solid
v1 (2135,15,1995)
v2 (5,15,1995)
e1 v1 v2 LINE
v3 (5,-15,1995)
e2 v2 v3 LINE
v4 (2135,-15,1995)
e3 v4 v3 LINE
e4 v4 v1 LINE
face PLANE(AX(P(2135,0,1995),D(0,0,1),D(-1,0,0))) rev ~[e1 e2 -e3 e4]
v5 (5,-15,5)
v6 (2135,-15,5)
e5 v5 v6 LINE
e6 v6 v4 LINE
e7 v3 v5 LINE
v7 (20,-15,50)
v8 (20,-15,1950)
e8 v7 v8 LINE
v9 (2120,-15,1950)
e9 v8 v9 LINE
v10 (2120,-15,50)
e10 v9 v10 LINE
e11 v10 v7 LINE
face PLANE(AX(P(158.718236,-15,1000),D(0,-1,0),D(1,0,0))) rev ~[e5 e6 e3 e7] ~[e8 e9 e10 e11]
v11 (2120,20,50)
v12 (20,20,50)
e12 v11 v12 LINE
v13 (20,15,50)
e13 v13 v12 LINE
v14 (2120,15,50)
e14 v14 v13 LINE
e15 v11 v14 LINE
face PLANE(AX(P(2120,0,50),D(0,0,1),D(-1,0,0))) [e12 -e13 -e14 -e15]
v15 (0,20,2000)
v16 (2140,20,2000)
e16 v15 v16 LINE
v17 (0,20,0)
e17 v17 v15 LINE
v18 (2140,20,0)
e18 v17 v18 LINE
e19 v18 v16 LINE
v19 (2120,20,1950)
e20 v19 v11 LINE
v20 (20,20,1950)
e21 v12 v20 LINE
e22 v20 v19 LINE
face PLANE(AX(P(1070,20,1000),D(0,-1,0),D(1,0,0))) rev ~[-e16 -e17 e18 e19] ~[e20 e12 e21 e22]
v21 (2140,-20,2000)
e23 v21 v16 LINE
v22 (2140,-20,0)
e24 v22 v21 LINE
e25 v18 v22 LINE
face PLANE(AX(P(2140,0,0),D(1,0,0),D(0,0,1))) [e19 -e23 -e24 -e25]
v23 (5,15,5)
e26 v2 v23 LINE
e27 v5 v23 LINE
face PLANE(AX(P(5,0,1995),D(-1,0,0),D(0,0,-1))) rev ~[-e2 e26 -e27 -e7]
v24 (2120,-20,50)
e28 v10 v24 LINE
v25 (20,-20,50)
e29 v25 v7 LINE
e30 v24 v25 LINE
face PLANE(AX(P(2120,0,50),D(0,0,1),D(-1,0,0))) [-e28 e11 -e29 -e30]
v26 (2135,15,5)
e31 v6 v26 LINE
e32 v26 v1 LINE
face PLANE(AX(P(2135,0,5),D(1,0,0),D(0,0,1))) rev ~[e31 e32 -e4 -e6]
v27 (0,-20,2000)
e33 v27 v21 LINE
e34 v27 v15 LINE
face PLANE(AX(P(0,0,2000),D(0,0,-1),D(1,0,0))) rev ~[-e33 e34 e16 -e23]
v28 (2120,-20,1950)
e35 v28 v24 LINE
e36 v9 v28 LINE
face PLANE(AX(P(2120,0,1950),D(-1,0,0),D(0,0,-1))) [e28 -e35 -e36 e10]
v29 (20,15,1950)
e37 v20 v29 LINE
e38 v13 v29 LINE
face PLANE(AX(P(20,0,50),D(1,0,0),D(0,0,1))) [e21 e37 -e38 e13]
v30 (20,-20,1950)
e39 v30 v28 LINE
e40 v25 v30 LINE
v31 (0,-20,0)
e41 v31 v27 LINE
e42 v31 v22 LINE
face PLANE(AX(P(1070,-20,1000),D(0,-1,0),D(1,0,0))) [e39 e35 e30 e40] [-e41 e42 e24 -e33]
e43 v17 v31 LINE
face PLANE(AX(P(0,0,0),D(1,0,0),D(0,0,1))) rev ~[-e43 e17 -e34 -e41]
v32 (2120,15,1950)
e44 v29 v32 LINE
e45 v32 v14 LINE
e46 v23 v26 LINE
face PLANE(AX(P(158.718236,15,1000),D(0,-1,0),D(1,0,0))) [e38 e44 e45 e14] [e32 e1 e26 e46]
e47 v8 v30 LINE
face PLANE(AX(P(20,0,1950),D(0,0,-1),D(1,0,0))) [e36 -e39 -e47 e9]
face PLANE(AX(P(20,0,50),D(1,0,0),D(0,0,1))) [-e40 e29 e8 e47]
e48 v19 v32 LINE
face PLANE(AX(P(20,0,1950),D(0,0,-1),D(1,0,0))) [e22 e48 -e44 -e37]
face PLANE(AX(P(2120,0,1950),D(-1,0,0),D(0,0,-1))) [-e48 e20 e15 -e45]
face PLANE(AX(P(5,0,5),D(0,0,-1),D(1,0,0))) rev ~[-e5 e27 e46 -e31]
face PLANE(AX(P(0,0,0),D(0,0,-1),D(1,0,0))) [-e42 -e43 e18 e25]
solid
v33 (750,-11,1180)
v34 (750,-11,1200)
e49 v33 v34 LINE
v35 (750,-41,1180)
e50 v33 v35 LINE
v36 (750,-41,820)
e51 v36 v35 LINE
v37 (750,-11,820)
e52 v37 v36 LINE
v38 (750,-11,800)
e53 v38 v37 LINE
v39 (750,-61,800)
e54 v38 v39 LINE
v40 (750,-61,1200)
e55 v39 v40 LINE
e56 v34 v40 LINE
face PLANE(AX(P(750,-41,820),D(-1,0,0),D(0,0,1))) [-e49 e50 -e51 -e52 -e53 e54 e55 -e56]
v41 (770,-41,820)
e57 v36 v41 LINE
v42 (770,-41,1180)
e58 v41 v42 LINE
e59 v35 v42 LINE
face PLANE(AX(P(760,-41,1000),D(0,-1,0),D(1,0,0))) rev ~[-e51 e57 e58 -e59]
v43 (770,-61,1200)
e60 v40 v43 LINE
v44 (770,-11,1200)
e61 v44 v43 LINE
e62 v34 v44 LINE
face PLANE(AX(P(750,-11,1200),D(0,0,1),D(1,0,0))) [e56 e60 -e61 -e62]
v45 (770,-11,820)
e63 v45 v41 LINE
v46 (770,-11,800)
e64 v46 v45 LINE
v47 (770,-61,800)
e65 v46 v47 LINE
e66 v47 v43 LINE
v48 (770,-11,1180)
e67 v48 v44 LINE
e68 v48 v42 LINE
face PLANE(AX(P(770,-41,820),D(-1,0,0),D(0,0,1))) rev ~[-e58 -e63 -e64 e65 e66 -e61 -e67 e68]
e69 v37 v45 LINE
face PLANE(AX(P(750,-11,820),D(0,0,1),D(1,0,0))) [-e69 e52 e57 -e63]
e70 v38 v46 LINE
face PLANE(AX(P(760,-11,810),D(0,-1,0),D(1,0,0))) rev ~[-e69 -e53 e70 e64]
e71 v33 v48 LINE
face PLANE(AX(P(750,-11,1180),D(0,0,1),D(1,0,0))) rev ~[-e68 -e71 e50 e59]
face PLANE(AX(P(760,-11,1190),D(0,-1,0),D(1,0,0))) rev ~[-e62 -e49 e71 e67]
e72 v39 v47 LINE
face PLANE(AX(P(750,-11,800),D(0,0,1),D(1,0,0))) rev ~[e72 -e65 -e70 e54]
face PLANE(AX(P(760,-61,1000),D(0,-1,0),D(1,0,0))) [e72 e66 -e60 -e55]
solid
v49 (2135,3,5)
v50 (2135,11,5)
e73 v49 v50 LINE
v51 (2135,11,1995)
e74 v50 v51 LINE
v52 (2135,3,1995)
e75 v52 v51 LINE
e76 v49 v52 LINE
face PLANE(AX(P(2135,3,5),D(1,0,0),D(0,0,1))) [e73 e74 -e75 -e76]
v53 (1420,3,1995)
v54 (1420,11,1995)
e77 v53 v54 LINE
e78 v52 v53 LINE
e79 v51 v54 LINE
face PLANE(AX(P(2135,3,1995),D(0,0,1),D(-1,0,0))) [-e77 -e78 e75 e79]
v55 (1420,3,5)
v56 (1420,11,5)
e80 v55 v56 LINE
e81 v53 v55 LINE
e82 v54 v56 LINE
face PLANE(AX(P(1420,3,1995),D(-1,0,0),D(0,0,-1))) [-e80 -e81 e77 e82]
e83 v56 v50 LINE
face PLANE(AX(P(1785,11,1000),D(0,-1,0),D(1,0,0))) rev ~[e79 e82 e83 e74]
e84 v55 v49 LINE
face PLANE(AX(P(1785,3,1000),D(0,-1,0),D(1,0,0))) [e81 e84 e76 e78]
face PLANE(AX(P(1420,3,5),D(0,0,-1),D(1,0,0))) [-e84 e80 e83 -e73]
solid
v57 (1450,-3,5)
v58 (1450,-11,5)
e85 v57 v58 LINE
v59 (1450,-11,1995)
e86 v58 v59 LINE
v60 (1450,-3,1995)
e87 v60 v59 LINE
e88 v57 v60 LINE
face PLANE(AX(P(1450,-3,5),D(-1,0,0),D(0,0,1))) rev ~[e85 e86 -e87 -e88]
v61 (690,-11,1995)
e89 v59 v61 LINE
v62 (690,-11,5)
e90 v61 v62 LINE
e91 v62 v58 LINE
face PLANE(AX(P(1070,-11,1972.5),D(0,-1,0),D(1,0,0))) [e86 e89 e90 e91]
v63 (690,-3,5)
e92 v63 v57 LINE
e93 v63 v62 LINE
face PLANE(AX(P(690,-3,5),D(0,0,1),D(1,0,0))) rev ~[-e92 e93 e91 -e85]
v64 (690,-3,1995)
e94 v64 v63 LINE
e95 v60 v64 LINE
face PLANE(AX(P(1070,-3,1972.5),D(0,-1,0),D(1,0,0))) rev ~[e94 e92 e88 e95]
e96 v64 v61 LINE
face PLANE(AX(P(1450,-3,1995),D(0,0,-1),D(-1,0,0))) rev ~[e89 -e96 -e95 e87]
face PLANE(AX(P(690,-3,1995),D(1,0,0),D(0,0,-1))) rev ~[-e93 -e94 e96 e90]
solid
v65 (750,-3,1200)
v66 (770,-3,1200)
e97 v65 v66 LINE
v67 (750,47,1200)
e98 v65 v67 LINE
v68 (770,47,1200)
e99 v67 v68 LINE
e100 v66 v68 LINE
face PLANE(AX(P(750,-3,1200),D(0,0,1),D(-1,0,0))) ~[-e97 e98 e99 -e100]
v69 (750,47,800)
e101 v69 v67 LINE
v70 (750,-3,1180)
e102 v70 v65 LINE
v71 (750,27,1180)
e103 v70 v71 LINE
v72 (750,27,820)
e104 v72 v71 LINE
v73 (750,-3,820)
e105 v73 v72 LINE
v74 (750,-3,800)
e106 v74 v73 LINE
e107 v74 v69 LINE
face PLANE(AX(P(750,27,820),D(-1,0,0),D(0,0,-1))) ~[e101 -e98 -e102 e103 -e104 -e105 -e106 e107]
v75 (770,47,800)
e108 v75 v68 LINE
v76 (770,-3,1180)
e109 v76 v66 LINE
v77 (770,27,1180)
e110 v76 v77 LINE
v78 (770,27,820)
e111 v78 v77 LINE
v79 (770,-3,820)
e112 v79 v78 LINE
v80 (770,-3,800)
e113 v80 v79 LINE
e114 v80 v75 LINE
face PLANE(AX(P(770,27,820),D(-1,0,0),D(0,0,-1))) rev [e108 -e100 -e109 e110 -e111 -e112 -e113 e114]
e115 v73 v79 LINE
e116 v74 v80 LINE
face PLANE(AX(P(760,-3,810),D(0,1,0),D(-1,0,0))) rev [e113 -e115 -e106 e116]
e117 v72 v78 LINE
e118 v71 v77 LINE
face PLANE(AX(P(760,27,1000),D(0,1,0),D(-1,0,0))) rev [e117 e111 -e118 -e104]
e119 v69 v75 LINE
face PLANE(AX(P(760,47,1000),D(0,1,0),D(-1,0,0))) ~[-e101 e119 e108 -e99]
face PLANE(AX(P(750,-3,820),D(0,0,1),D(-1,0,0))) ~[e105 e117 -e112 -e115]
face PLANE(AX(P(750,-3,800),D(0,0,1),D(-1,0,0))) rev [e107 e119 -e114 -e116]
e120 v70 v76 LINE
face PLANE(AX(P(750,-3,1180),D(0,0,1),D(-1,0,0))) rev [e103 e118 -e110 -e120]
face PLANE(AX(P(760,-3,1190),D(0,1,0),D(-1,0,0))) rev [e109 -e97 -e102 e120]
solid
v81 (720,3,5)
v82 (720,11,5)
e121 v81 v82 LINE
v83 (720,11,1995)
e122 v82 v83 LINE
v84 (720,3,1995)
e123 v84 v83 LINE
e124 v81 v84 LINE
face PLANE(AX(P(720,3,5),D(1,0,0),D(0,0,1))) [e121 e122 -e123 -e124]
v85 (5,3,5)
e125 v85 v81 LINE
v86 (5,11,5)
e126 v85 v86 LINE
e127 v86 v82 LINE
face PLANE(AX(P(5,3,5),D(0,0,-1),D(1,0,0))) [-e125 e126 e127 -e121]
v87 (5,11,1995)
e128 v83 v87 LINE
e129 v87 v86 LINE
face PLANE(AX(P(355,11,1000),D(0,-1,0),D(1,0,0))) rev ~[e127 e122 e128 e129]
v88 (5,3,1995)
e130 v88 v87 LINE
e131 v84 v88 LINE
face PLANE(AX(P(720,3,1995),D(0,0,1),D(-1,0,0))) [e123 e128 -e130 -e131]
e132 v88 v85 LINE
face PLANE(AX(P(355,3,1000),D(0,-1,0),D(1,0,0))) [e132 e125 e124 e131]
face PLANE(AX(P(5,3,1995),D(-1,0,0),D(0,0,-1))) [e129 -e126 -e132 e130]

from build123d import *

# Parameters (mm, degrees)
F0_W          = 2140
F0_H          = 2000
F0_W_2        = 700
F0_H_2        = 45
F0_W_3        = 30
F1_DEPTH      = 20
F1_DEPTH_BACK = 20
F2_DEPTH      = 15
F2_DEPTH_BACK = 15
F3_START      = -3
F0_W_4        = 670
F0_H_3        = 1900
F3_DEPTH      = 8
F4_START      = 3
F4_DEPTH      = 8
F5_W          = 20
F5_H          = 20
F6_DEPTH      = 50
F7_START      = 30
F5_H_2        = 360
F7_DEPTH      = 20


with BuildPart() as f1:
    # F0 (on Front) → F1 (new body, two sides)
    with BuildSketch(Plane.XZ) as f1_sk:
        with Locations((1070, 1000)):
            Rectangle(F0_W, F0_H)
        Polygon((5, 5), (5, 1995), (690, 1995), (720, 1995), (1420, 1995), (1450, 1995), (2135, 1995), (2135, 5), (1450, 5), (1420, 5), (720, 5), (690, 5), align=None, mode=Mode.SUBTRACT)
        Polygon((690, 1995), (5, 1995), (5, 5), (690, 5), (690, 50), (20, 50), (20, 1950), (690, 1950), align=None)
        Polygon((2135, 1995), (1450, 1995), (1450, 1950), (2120, 1950), (2120, 50), (1450, 50), (1450, 5), (2135, 5), align=None)
        with Locations((1070, 1972.5)):
            Rectangle(F0_W_2, F0_H_2)
        with Locations((1070, 27.5)):
            Rectangle(F0_W_2, F0_H_2)
        with Locations((705, 1972.5)):
            Rectangle(F0_W_3, F0_H_2)
        with Locations((1435, 1972.5)):
            Rectangle(F0_W_3, F0_H_2)
        with Locations((705, 27.5)):
            Rectangle(F0_W_3, F0_H_2)
        with Locations((1435, 27.5)):
            Rectangle(F0_W_3, F0_H_2)
    extrude(amount=F1_DEPTH)
    extrude(f1_sk.sketch, amount=-F1_DEPTH_BACK)

    # F0 (on Front) → F2 (cut, two sides)
    with BuildSketch(Plane.XZ) as f2_sk:
        Polygon((690, 1995), (5, 1995), (5, 5), (690, 5), (690, 50), (20, 50), (20, 1950), (690, 1950), align=None)
        with Locations((705, 1972.5)):
            Rectangle(F0_W_3, F0_H_2)
        with Locations((1070, 1972.5)):
            Rectangle(F0_W_2, F0_H_2)
        with Locations((1435, 1972.5)):
            Rectangle(F0_W_3, F0_H_2)
        Polygon((2135, 1995), (1450, 1995), (1450, 1950), (2120, 1950), (2120, 50), (1450, 50), (1450, 5), (2135, 5), align=None)
        with Locations((705, 27.5)):
            Rectangle(F0_W_3, F0_H_2)
        with Locations((1070, 27.5)):
            Rectangle(F0_W_2, F0_H_2)
        with Locations((1435, 27.5)):
            Rectangle(F0_W_3, F0_H_2)
    extrude(amount=F2_DEPTH, mode=Mode.SUBTRACT)
    extrude(f2_sk.sketch, amount=-F2_DEPTH_BACK, mode=Mode.SUBTRACT)


with BuildPart() as f3:
    # F0 (on Front) → F3 (new body)
    with BuildSketch(Plane.XZ.offset(F3_START)):
        with Locations((355, 1000)):
            Rectangle(F0_W_4, F0_H_3)
        Polygon((690, 1995), (5, 1995), (5, 5), (690, 5), (690, 50), (20, 50), (20, 1950), (690, 1950), align=None)
        with Locations((705, 1972.5)):
            Rectangle(F0_W_3, F0_H_2)
        with Locations((705, 1000)):
            Rectangle(F0_W_3, F0_H_3)
        with Locations((705, 27.5)):
            Rectangle(F0_W_3, F0_H_2)
    extrude(amount=-F3_DEPTH)


with BuildPart() as f3b:
    # F0 (on Front) → F3, piece 2 (new body)
    with BuildSketch(Plane.XZ.offset(F3_START)):
        with Locations((1785, 1000)):
            Rectangle(F0_W_4, F0_H_3)
        Polygon((2135, 1995), (1450, 1995), (1450, 1950), (2120, 1950), (2120, 50), (1450, 50), (1450, 5), (2135, 5), align=None)
        with Locations((1435, 1972.5)):
            Rectangle(F0_W_3, F0_H_2)
        with Locations((1435, 1000)):
            Rectangle(F0_W_3, F0_H_3)
        with Locations((1435, 27.5)):
            Rectangle(F0_W_3, F0_H_2)
    extrude(amount=-F3_DEPTH)


with BuildPart() as f4:
    # F0 (on Front) → F4 (new body)
    with BuildSketch(Plane.XZ.offset(F4_START)):
        with Locations((1070, 1972.5)):
            Rectangle(F0_W_2, F0_H_2)
        with Locations((1070, 1000)):
            Rectangle(F0_W_2, F0_H_3)
        with Locations((1435, 1972.5)):
            Rectangle(F0_W_3, F0_H_2)
        with Locations((1435, 1000)):
            Rectangle(F0_W_3, F0_H_3)
        with Locations((705, 1972.5)):
            Rectangle(F0_W_3, F0_H_2)
        with Locations((705, 1000)):
            Rectangle(F0_W_3, F0_H_3)
        with Locations((705, 27.5)):
            Rectangle(F0_W_3, F0_H_2)
        with Locations((1070, 27.5)):
            Rectangle(F0_W_2, F0_H_2)
        with Locations((1435, 27.5)):
            Rectangle(F0_W_3, F0_H_2)
    extrude(amount=F4_DEPTH)


with BuildPart() as f6:
    # F5 (on face) → F6 (new body)
    with BuildSketch(Plane.XZ.offset(11)):
        with Locations((760, 1190)):
            Rectangle(F5_W, F5_H)
    extrude(amount=F6_DEPTH)



with BuildPart() as f6b:
    # F5 (on face) → F6, piece 2 (new body)
    with BuildSketch(Plane.XZ.offset(11)):
        with Locations((760, 810)):
            Rectangle(F5_W, F5_H)
    extrude(amount=F6_DEPTH)


with BuildPart() as f6_1:
    add(f6.part)

    add(f6b.part)  # F7 merges F6b
    # F5 (on face) → F7 (join)
    with BuildSketch(Plane.XZ.offset(11).offset(F7_START)):
        with Locations((760, 1000)):
            Rectangle(F5_W, F5_H_2)
    extrude(amount=F7_DEPTH)


with BuildPart() as f9_1:
    # F9: instance of F6
    add(f6_1.part.mirror(Plane.XZ.offset(7)))


solid = Compound([f1.part, f3.part, f3b.part, f4.part, f6_1.part, f9_1.part])
